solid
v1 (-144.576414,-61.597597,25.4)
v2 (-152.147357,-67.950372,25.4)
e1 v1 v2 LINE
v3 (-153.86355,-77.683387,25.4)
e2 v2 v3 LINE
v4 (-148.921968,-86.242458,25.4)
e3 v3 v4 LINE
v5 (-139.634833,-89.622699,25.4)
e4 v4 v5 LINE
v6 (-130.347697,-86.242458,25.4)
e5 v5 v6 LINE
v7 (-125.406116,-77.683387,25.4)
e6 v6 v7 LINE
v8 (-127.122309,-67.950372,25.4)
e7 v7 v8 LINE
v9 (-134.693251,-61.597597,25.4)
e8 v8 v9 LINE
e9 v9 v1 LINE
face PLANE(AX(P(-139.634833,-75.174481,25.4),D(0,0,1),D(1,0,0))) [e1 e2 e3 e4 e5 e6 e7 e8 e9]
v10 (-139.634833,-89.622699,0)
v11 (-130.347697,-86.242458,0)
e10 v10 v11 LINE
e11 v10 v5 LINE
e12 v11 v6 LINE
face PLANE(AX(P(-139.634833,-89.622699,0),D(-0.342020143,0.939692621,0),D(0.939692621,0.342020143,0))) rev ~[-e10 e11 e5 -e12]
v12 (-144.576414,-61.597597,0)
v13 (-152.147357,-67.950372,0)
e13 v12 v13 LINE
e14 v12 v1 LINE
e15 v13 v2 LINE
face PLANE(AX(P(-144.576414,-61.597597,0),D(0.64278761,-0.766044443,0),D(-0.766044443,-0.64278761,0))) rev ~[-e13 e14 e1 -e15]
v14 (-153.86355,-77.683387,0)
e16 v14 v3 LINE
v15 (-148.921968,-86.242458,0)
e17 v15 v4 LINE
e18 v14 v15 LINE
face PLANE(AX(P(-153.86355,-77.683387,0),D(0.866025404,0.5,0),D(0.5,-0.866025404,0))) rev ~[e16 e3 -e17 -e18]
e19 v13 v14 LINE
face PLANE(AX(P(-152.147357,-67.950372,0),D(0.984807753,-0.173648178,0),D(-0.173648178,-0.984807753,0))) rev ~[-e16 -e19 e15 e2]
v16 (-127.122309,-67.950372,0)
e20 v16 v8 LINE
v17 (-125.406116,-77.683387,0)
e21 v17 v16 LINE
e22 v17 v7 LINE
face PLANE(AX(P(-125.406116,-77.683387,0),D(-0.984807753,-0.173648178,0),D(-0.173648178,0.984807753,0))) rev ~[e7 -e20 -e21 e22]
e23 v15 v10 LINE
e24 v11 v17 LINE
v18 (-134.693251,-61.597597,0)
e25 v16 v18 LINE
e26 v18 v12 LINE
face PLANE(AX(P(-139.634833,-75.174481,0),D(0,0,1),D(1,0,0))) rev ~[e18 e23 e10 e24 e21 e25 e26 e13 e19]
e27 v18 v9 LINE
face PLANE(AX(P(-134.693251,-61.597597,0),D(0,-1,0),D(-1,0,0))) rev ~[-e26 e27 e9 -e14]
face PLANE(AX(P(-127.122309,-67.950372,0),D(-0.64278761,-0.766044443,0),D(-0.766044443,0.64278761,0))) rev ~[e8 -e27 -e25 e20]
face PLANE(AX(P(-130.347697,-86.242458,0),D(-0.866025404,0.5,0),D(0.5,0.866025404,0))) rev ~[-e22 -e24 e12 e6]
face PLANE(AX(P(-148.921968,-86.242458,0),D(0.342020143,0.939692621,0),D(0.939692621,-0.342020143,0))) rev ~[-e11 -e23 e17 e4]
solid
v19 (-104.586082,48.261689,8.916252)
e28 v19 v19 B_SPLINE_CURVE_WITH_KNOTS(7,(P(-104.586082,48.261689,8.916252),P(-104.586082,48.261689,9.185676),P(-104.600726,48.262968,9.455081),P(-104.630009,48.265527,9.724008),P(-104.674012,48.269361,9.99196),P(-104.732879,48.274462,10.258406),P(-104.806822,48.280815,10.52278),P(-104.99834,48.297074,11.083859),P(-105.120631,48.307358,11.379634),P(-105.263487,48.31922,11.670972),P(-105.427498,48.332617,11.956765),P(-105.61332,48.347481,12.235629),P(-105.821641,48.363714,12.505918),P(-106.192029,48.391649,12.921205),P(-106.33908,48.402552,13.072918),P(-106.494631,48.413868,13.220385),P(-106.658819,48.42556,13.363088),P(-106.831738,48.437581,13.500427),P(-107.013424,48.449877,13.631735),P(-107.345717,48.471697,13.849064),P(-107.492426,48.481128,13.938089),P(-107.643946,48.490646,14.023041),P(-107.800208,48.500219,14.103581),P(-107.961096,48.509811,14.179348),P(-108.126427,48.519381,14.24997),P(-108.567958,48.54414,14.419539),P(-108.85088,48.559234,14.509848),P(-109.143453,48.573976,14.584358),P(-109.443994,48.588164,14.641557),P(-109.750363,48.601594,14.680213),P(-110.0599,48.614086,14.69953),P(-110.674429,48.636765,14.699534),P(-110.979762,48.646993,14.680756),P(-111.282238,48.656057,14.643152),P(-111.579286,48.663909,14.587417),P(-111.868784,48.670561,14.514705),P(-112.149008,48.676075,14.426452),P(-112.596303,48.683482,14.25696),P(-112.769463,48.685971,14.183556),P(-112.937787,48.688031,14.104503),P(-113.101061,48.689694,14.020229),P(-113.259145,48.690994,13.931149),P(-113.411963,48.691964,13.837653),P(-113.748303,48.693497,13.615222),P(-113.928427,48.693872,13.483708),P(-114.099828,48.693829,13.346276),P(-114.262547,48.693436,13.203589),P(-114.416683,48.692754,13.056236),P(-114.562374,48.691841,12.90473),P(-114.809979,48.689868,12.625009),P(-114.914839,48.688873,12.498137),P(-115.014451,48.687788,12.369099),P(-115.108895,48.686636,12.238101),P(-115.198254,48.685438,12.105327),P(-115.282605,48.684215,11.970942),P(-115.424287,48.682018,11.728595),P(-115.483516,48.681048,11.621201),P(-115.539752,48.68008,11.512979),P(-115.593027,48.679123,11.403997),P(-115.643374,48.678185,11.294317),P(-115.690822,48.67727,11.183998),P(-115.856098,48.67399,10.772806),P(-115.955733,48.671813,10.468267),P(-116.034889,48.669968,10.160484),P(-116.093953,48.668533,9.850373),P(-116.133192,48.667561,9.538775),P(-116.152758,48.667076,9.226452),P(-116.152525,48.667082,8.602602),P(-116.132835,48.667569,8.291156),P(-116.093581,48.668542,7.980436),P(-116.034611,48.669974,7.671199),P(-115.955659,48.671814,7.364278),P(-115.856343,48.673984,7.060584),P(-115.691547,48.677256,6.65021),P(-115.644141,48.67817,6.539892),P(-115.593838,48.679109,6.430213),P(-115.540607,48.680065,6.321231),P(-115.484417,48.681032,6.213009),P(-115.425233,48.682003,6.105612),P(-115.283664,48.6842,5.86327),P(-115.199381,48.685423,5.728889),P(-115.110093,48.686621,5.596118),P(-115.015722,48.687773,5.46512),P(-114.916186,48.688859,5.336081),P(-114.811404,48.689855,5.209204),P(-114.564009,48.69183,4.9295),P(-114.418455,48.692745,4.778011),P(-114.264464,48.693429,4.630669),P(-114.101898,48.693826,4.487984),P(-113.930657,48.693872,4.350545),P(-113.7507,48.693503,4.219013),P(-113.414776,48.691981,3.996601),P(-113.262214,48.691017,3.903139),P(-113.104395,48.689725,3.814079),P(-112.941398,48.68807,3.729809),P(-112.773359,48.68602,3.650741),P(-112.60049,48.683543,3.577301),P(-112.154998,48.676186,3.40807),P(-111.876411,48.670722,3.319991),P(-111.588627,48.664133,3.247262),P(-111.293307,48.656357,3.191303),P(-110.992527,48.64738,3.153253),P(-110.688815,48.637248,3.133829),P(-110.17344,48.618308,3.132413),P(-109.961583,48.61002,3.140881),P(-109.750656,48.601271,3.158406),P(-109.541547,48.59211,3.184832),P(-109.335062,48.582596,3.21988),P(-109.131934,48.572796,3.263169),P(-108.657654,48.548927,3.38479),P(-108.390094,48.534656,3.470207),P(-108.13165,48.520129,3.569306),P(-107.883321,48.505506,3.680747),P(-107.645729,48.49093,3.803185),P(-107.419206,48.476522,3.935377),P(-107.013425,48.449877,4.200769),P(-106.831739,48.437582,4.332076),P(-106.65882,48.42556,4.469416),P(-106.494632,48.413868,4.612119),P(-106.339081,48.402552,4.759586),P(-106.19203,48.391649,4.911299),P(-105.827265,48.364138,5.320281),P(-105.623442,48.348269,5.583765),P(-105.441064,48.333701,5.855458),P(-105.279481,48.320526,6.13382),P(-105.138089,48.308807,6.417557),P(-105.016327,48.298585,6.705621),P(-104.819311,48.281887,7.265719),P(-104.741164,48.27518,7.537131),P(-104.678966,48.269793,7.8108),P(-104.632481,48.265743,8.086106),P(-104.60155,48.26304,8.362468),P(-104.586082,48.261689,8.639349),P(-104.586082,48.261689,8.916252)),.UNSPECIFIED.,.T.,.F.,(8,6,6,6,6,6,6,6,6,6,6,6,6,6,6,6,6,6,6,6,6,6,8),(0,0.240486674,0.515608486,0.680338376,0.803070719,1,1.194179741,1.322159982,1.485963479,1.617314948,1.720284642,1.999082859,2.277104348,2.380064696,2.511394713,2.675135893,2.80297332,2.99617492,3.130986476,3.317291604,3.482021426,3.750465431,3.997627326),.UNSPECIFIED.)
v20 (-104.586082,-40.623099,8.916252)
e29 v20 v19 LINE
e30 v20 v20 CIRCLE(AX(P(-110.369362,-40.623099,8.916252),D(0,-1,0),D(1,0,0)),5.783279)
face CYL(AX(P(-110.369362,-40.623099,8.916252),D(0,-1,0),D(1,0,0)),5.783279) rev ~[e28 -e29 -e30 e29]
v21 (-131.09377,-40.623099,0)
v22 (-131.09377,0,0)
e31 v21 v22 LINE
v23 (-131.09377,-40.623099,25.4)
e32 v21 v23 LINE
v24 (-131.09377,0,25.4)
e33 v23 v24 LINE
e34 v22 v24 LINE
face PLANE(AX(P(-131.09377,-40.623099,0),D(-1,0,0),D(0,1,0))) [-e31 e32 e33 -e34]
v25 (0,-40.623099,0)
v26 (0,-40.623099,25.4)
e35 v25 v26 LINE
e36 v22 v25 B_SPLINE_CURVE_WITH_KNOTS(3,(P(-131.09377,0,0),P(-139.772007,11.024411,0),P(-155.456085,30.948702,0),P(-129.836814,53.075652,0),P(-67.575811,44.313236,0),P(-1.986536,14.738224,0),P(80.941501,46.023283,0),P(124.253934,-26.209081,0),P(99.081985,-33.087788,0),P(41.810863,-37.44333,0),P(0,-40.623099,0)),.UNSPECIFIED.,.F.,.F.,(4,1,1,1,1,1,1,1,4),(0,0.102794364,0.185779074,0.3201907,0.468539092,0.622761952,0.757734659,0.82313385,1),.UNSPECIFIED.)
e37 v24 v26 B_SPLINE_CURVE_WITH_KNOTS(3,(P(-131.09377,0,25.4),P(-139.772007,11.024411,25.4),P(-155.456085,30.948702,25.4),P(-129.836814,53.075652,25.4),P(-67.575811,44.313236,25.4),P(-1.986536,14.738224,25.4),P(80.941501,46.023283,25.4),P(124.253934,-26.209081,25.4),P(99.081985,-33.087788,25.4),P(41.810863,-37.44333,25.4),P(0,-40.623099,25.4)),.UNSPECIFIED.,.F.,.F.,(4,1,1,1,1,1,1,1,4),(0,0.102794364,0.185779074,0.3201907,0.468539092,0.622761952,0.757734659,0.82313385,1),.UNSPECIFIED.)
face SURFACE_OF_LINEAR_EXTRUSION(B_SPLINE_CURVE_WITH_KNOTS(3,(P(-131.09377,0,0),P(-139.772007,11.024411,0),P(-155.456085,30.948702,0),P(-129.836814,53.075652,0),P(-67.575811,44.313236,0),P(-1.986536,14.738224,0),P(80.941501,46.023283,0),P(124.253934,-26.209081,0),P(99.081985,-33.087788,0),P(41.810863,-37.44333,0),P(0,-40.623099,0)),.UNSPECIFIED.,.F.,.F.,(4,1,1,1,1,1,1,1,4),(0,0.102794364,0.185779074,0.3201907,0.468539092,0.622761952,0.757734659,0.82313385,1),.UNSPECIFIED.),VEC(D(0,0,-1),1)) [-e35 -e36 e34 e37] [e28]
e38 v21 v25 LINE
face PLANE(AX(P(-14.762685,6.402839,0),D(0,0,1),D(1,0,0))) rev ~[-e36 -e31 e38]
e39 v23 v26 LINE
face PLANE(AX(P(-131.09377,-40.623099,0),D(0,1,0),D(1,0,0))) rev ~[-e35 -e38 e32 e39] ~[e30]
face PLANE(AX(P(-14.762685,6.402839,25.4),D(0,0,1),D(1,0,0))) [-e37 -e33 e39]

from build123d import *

# Parameters (mm, degrees)
F1_DEPTH = 25.4
F0_W     = 131.0937702656
F0_H     = 40.6230986118
F2_R     = 5.7832794486
F3_DEPTH = 89.3176973929


with BuildPart() as f1:
    # F0 (on Top) → F1 (new body)
    with BuildSketch(Plane.XY):
        Polygon((-134.6932511543, -61.597596854), (-144.5764143254, -61.597596854), (-152.147356553, -67.9503716849), (-153.8635498273, -77.6833874), (-148.9219682417, -86.2424577759), (-139.6348327398, -89.6226986602), (-130.3476972379, -86.2424577759), (-125.4061156524, -77.6833874), (-127.1223089266, -67.9503716849), align=None)
    extrude(amount=F1_DEPTH)


with BuildPart() as f1b:
    # F0 (on Top) → F1, piece 2 (new body)
    with BuildSketch(Plane.XY):
        with BuildLine():
            Line((0, 0), (0, -40.6230986118))
            add(Edge.make_bspline(
                [(-131.0937702656, 0), (-139.7720070352, 11.0244108668), (-155.4560847023, 30.9487020399), (-129.8368140978, 53.0756520872), (-67.5758107322, 44.3132357682), (-1.986536452, 14.73822387), (80.9415009211, 46.0232828068), (124.2539338268, -26.2090809087), (99.0819851312, -33.087788073), (41.8108627244, -37.4433295135), (0, -40.6230986118)],
                knots=[0, 0, 0, 0, 0.1027943641, 0.1857790739, 0.3201907001, 0.4685390922, 0.6227619524, 0.7577346588, 0.82313385, 1, 1, 1, 1], degree=3))
            Line((-131.0937702656, 0), (0, 0))
        make_face()
        with Locations((-65.5468851328, -20.3115493059)):
            Rectangle(F0_W, F0_H)
    extrude(amount=F1_DEPTH)

    # F2 (on face) → F3 (cut, through all)
    with BuildSketch(Plane.XZ.offset(40.6230986118)):
        with Locations((-110.369361937, 8.9162522927)):
            Circle(F2_R)
    extrude(amount=-F3_DEPTH, mode=Mode.SUBTRACT)


solid = Compound([f1.part, f1b.part])
